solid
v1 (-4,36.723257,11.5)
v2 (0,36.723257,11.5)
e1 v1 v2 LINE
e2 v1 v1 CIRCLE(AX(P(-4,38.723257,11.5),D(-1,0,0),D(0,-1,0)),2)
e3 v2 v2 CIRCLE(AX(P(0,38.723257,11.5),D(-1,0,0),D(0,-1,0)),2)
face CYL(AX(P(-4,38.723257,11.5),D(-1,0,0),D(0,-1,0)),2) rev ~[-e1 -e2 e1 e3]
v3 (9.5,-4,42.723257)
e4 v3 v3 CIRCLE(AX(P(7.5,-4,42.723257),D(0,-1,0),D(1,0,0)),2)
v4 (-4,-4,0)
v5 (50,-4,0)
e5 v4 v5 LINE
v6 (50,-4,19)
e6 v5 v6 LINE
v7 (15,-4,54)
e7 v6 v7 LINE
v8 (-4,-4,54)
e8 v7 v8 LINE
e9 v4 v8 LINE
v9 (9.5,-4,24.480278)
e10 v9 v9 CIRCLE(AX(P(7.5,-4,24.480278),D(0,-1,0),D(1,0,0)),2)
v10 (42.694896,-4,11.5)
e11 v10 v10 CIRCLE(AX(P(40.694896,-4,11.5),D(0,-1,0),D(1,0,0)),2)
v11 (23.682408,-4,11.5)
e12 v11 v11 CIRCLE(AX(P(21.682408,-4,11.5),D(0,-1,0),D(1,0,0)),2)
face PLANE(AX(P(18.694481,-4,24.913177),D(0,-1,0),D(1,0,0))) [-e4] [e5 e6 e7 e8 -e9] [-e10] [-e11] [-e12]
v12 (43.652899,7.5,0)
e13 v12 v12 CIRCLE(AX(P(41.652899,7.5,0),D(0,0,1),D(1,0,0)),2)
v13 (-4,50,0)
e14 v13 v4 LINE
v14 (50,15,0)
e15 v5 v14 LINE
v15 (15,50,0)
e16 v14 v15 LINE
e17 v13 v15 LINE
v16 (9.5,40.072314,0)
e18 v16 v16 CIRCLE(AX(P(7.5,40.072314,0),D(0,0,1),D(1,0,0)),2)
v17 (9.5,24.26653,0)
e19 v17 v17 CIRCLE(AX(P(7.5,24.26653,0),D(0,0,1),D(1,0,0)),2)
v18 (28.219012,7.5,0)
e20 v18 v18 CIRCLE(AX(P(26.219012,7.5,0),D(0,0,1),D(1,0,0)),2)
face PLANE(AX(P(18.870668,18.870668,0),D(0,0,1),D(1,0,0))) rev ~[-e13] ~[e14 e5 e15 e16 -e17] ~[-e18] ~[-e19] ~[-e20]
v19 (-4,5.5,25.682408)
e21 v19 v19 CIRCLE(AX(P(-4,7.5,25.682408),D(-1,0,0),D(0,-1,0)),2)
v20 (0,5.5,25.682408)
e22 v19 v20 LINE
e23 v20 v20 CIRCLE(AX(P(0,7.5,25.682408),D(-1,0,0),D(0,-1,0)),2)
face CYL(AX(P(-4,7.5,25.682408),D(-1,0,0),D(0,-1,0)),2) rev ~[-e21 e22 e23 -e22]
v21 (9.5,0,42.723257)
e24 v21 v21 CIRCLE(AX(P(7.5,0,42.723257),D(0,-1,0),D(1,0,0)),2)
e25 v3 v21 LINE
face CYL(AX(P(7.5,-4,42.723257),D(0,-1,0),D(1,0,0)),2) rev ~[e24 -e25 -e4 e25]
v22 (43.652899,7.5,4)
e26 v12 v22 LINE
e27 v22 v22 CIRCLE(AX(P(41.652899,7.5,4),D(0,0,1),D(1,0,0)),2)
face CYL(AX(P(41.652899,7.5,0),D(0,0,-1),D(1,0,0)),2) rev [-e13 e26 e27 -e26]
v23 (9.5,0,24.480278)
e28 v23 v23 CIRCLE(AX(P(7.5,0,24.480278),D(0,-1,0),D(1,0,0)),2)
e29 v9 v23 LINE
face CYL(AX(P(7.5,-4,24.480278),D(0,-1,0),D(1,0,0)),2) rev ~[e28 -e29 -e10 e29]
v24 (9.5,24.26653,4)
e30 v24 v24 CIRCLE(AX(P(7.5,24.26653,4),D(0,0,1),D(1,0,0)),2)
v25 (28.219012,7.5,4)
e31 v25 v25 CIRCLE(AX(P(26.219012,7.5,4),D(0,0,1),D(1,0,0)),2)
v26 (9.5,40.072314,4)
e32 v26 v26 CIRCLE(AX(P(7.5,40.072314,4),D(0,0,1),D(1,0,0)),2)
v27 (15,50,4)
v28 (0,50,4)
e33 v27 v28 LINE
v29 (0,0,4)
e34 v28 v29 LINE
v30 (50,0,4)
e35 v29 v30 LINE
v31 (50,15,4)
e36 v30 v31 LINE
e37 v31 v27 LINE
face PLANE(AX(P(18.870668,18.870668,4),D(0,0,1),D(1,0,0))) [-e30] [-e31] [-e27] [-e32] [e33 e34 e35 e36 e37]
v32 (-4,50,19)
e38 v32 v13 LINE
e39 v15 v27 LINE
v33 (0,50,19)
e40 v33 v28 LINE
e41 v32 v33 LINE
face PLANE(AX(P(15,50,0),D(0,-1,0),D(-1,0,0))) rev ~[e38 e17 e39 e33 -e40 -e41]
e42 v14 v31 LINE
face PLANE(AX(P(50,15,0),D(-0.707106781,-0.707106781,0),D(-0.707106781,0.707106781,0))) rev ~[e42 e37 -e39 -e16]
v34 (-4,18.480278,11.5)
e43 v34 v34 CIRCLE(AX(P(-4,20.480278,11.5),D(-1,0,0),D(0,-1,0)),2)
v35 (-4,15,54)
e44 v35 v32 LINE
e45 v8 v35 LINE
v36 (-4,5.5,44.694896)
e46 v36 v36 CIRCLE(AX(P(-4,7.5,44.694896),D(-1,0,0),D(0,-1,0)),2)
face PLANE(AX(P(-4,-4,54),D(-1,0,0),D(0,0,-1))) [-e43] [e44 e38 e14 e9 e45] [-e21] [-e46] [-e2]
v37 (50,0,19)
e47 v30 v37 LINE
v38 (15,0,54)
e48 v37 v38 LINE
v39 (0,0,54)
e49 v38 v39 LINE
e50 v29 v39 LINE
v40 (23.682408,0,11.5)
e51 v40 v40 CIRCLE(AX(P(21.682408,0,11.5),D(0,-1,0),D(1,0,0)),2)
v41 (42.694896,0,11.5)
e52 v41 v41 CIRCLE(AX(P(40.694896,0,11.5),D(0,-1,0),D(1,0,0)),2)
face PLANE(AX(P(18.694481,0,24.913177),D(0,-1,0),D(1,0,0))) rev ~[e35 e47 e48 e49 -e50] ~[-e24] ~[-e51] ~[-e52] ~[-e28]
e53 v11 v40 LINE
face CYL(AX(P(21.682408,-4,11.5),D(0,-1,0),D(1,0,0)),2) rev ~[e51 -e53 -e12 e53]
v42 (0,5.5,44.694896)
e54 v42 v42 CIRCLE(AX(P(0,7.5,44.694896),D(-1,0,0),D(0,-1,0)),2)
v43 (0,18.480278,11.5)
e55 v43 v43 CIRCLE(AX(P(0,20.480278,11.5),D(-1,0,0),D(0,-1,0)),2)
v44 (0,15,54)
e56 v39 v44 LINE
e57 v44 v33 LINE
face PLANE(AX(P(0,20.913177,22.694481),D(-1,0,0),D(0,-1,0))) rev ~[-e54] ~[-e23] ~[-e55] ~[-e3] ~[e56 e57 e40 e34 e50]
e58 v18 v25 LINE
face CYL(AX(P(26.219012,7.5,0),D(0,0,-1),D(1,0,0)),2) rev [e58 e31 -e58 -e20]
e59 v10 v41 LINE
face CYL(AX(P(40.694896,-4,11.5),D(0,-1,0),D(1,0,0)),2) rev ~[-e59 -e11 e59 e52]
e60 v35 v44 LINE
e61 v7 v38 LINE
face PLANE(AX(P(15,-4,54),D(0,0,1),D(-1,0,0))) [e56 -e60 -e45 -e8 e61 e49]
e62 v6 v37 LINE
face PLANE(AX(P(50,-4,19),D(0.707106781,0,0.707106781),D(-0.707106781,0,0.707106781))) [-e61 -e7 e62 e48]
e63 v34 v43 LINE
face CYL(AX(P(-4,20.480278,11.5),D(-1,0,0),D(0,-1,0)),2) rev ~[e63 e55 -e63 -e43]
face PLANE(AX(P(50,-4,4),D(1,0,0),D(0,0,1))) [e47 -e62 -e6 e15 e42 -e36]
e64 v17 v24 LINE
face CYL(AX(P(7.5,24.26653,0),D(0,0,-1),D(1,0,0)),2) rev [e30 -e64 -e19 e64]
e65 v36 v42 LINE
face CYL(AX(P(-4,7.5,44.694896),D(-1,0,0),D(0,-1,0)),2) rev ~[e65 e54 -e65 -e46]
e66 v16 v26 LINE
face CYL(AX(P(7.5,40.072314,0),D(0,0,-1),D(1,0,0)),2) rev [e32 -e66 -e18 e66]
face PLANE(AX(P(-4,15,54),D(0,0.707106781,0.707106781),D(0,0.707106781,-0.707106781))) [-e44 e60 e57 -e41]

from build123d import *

# Parameters (mm, degrees)
F0_R     = 2
F1_DEPTH = 4
F2_R     = 2
F3_DEPTH = 4
F4_R     = 2
F5_DEPTH = 4


with BuildPart() as f1:
    # F0 (on Top) → F1 (new body)
    with BuildSketch(Plane.XY):
        Polygon((15, 50), (0, 50), (-4, 50), (-4, 0), (-4, -4), (50, -4), (50, 0), (50, 15), align=None)
        with Locations((26.219012, 7.5)):
            Circle(F0_R, mode=Mode.SUBTRACT)
        with Locations((41.652899, 7.5)):
            Circle(F0_R, mode=Mode.SUBTRACT)
        with Locations((7.5, 24.26653)):
            Circle(F0_R, mode=Mode.SUBTRACT)
        with Locations((7.5, 40.072314)):
            Circle(F0_R, mode=Mode.SUBTRACT)
    extrude(amount=F1_DEPTH)

    # F2 (on face) → F3 (join)
    with BuildSketch(Plane.XZ.offset(4)):
        Polygon((-4, 54), (-4, 4), (50, 4), (50, 19), (15, 54), align=None)
        with Locations((21.682408, 11.5)):
            Circle(F2_R, mode=Mode.SUBTRACT)
        with Locations((7.5, 24.480278)):
            Circle(F2_R, mode=Mode.SUBTRACT)
        with Locations((40.694896, 11.5)):
            Circle(F2_R, mode=Mode.SUBTRACT)
        with Locations((7.5, 42.723257)):
            Circle(F2_R, mode=Mode.SUBTRACT)
    extrude(amount=-F3_DEPTH)

    # F4 (on face) → F5 (join)
    with BuildSketch(Plane(origin=(-4, 0, 0), x_dir=(0, -1, 0), z_dir=(-1, 0, 0))):
        Polygon((-50, 0), (0, 0), (0, 54), (-15, 54), (-50, 19), align=None)
        with Locations((-38.723257, 11.5)):
            Circle(F4_R, mode=Mode.SUBTRACT)
        with Locations((-20.480278, 11.5)):
            Circle(F4_R, mode=Mode.SUBTRACT)
        with Locations((-7.5, 25.682408)):
            Circle(F4_R, mode=Mode.SUBTRACT)
        with Locations((-7.5, 44.694896)):
            Circle(F4_R, mode=Mode.SUBTRACT)
    extrude(amount=-F5_DEPTH)


solid = f1.part
